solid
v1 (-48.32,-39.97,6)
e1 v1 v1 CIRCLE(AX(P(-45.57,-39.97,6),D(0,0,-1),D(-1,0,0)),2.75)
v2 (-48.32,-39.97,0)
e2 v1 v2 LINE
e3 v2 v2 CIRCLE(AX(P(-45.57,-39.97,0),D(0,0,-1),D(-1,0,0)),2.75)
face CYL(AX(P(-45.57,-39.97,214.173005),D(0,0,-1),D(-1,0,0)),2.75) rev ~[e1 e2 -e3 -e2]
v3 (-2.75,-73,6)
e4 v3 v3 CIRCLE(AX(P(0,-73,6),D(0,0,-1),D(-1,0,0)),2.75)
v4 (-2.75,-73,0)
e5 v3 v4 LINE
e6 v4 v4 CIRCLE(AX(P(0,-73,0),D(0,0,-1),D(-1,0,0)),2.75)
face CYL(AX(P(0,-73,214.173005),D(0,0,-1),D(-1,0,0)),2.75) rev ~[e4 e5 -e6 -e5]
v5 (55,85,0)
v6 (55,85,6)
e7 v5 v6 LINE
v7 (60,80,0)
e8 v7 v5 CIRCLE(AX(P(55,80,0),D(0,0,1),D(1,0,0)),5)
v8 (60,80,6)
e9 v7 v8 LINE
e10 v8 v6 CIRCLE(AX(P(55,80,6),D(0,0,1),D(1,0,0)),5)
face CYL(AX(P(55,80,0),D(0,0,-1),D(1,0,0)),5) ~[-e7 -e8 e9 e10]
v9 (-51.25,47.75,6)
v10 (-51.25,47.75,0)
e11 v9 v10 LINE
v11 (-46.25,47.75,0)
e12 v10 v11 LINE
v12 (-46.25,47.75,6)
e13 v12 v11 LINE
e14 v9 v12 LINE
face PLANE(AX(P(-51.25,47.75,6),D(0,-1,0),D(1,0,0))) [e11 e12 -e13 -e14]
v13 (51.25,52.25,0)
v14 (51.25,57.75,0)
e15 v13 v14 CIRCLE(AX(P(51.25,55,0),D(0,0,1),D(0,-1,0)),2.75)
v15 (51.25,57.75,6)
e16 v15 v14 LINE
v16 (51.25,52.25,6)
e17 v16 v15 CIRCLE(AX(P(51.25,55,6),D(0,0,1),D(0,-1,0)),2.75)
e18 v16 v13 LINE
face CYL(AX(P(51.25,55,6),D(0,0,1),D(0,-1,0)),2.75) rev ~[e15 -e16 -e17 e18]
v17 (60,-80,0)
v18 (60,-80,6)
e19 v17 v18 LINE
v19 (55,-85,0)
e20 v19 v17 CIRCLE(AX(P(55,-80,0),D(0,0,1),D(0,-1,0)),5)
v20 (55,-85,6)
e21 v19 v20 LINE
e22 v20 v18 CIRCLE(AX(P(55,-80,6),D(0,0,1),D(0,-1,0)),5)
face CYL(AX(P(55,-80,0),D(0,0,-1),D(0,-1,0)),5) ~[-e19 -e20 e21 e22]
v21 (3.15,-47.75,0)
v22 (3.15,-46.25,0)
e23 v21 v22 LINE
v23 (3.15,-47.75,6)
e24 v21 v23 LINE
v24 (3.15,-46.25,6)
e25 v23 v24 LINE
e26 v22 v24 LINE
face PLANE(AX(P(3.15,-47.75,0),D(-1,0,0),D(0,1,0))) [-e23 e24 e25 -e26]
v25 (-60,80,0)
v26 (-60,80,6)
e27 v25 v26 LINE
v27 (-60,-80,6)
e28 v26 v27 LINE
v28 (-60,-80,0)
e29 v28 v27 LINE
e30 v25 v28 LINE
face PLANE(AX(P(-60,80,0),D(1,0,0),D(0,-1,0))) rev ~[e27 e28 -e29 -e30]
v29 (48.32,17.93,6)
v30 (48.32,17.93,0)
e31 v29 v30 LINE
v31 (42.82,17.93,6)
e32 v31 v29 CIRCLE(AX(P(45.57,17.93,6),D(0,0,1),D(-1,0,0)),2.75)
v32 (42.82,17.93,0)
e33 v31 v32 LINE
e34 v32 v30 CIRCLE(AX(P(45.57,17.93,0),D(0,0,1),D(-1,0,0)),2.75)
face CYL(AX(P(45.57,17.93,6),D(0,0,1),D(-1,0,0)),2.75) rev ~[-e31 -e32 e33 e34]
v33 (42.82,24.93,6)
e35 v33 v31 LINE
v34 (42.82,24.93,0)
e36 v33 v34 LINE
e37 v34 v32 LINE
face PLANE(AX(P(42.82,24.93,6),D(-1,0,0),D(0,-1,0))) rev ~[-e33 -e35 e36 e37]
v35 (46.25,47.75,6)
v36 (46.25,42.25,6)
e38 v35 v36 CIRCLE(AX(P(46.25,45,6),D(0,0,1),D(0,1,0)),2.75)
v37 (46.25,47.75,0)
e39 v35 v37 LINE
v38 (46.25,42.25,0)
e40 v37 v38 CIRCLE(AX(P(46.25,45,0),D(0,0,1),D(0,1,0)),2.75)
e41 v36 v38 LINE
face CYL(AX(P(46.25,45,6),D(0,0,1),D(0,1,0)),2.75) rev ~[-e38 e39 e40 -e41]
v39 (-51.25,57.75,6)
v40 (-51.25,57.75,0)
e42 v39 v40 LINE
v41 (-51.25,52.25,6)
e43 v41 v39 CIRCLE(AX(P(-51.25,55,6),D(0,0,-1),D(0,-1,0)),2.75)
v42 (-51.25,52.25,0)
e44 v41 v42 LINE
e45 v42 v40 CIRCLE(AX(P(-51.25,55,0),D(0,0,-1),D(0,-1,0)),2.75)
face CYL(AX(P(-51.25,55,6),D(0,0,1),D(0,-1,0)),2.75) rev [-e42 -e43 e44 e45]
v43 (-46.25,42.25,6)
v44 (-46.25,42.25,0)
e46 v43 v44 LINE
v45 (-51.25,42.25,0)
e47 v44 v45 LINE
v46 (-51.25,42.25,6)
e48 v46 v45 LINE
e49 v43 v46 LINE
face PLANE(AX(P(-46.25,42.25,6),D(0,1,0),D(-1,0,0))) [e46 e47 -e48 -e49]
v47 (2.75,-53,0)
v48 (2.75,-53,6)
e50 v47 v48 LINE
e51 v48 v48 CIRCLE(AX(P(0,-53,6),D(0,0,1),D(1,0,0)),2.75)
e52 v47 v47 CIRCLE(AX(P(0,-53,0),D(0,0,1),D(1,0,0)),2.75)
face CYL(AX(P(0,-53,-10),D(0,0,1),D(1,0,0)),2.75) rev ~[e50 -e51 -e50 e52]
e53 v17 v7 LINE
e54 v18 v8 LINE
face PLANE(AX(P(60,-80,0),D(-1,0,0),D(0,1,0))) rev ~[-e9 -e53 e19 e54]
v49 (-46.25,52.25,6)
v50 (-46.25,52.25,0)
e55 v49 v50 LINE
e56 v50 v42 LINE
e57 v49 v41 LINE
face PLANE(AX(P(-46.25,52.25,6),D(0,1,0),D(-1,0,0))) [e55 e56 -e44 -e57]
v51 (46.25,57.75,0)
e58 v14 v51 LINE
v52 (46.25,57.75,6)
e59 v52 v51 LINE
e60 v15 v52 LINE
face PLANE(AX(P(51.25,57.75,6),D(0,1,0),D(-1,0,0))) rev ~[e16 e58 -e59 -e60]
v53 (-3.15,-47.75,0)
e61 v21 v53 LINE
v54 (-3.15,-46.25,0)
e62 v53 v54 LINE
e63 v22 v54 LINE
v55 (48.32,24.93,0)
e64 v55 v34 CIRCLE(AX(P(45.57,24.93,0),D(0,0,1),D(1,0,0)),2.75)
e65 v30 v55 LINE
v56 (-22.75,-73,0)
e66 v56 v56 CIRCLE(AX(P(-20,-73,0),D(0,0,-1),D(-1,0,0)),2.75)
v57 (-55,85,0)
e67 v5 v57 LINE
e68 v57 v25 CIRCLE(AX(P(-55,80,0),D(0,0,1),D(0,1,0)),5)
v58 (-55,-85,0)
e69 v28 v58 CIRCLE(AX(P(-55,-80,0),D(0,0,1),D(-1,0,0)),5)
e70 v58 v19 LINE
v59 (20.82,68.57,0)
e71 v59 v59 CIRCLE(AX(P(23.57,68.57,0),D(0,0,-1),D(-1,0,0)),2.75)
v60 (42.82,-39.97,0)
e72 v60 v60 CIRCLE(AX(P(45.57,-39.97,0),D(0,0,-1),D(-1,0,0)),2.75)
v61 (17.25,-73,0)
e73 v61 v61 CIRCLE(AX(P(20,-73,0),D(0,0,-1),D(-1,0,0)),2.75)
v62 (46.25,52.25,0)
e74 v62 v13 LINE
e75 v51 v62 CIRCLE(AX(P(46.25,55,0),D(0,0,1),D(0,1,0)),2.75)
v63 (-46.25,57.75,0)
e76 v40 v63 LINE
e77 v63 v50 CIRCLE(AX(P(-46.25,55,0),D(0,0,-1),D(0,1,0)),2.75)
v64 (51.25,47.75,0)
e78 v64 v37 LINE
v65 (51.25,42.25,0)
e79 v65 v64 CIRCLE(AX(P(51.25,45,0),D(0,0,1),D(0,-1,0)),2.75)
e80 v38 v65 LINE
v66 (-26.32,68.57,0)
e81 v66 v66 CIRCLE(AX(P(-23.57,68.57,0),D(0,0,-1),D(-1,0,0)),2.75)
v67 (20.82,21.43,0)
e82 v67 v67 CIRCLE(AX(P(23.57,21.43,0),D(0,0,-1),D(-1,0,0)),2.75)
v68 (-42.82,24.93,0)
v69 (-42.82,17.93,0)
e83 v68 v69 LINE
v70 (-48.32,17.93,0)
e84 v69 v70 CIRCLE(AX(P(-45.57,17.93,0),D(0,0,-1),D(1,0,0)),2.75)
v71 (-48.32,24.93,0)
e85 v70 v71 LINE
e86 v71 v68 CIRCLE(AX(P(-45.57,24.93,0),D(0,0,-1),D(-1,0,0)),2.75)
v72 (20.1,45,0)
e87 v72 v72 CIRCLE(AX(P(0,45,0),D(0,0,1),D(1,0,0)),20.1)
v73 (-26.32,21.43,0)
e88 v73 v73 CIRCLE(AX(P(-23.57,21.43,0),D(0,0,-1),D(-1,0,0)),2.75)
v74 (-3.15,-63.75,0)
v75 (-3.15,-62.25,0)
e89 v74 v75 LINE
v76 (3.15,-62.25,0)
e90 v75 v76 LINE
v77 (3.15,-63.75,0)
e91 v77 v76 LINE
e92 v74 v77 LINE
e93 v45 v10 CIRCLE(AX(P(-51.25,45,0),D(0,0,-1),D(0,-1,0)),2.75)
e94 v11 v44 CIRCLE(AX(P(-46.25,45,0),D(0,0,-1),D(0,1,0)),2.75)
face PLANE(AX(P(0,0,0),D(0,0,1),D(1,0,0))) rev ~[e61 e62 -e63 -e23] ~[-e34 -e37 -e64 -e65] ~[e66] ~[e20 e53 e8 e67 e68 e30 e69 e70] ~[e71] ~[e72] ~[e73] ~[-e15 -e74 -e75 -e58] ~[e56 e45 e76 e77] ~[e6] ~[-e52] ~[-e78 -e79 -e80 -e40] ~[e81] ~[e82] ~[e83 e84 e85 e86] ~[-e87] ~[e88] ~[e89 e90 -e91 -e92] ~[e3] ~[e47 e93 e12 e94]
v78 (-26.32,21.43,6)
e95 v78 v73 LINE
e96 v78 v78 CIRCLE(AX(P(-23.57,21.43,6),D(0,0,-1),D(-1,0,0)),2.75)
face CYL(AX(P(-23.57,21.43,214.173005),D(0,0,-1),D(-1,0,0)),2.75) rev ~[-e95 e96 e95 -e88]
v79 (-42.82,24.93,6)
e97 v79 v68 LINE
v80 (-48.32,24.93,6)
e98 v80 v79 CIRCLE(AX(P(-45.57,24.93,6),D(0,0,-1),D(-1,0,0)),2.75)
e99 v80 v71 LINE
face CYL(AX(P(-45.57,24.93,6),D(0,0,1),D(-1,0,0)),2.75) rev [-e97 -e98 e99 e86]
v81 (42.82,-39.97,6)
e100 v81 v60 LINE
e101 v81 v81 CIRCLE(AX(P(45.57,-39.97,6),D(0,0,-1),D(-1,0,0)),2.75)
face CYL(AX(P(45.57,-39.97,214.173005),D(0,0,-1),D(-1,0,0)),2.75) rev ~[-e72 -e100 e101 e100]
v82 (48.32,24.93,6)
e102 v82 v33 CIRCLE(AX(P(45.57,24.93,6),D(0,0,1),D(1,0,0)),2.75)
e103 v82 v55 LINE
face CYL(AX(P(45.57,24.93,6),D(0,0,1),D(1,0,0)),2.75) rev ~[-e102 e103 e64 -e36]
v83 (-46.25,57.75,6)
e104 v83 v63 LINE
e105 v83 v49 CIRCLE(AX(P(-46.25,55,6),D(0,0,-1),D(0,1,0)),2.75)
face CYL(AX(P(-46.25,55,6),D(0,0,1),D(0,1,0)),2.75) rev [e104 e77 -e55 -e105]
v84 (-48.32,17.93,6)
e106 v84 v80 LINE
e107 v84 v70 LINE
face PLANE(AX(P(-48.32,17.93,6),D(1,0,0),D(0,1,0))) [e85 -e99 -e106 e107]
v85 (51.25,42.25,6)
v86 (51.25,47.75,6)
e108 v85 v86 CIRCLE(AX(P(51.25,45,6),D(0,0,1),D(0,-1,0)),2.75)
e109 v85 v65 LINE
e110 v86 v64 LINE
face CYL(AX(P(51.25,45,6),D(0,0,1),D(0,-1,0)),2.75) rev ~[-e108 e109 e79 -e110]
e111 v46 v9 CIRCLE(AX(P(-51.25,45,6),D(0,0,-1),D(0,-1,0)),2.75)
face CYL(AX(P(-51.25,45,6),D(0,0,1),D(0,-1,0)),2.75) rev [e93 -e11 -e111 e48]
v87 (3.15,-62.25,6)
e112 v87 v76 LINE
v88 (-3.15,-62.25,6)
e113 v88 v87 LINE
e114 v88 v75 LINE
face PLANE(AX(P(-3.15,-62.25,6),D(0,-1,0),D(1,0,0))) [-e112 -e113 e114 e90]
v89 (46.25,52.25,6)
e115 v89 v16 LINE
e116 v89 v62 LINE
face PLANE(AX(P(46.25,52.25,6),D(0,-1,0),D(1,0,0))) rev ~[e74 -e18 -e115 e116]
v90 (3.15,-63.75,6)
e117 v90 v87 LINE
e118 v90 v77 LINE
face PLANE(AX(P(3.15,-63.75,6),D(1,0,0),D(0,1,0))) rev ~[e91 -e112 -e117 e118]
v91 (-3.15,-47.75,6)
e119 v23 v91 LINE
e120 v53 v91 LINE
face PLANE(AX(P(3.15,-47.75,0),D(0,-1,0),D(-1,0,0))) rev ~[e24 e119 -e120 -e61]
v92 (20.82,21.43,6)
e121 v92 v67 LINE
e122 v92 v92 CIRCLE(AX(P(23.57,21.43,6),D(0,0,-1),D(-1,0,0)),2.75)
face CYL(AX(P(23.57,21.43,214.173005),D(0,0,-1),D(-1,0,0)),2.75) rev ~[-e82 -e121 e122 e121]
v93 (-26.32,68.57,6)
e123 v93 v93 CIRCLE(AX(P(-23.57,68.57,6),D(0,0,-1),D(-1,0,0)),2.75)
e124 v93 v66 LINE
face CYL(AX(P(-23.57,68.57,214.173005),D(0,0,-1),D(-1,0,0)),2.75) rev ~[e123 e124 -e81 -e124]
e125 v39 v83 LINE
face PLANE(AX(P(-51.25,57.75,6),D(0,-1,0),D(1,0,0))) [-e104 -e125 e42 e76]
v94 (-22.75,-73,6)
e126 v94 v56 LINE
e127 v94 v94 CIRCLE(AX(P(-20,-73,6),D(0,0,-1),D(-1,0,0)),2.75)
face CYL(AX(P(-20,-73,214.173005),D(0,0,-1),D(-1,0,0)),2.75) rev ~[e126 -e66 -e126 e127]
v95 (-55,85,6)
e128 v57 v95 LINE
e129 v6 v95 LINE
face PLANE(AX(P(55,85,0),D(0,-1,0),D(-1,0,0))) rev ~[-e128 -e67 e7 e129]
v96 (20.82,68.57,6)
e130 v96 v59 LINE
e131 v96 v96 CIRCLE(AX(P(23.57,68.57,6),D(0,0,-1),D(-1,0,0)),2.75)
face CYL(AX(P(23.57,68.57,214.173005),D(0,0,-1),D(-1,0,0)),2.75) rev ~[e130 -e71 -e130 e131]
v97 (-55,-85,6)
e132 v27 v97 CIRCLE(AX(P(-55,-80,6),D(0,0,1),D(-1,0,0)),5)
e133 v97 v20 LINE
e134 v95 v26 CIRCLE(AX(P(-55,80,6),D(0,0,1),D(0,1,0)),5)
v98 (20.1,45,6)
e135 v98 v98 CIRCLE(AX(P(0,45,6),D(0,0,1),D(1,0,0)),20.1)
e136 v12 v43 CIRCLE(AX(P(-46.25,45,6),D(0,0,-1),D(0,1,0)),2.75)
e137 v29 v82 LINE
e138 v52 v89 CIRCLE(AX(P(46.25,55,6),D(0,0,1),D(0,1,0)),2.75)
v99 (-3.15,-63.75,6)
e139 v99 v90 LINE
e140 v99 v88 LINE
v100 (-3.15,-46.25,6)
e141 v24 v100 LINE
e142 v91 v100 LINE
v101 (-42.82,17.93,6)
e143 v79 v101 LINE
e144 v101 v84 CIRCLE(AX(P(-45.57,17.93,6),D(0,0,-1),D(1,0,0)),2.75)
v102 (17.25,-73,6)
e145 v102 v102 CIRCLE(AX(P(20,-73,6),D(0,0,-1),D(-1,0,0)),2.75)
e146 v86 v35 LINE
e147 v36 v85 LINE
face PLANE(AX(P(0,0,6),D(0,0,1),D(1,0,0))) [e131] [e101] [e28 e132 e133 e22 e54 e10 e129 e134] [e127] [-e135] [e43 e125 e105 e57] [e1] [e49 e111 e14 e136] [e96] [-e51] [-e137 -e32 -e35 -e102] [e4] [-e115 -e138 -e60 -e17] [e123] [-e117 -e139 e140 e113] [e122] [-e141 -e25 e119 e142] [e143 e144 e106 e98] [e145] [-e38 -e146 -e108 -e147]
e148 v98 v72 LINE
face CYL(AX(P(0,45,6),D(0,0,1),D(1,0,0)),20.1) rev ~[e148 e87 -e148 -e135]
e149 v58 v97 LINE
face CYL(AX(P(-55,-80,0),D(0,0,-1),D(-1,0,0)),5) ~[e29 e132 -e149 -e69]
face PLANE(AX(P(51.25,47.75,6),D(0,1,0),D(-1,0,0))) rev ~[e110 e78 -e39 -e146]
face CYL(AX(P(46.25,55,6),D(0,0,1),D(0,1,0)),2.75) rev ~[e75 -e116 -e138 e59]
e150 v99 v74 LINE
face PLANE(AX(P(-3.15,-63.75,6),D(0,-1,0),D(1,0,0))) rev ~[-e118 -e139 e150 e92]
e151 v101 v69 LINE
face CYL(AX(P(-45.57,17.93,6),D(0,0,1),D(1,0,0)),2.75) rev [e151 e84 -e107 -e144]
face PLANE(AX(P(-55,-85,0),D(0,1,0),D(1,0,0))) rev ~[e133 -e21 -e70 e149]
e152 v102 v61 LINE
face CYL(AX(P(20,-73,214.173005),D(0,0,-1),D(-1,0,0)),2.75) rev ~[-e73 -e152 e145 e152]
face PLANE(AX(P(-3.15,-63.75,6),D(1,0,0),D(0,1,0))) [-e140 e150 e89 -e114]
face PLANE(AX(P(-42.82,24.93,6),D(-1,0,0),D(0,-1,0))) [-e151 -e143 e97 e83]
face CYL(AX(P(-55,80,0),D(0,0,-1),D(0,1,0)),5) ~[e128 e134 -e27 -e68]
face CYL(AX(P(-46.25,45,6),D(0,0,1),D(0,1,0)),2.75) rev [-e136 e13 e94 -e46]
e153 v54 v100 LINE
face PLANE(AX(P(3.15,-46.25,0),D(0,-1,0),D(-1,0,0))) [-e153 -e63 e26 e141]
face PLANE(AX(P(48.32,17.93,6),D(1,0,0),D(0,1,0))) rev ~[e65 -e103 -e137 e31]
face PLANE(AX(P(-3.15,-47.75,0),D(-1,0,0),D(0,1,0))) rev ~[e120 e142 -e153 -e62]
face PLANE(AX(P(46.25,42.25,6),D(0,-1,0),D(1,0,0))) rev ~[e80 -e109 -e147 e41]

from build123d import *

# Parameters (mm, degrees)
BOSS_EXTRUDE1_DEPTH      = 6
SKETCH3_R                = 20.1
CUT_EXTRUDE1_DEPTH       = 6
M5_CLEARANCE_HOLE1_D     = 5.5
CUT_EXTRUDE2_DEPTH       = 6
CUT_EXTRUDE4_DEPTH       = 6
M5_CLEARANCE_HOLE3_D     = 5.5
M5_CLEARANCE_HOLE2_D     = 5.5
M5_CLEARANCE_HOLE2_DEPTH = 10
M5_CLEARANCE_HOLE2_TIP   = 1.652366702
SKETCH21_W               = 6.3
SKETCH21_H               = 1.5
CUT_EXTRUDE5_DEPTH       = 6
SKETCH22_W               = 6.3
SKETCH22_H               = 1.5
CUT_EXTRUDE6_DEPTH       = 10


with BuildPart() as part:
    # Sketch1 → Boss-Extrude1 (new body)
    with BuildSketch(Plane.XY):
        with BuildLine():
            Line((-55, -85), (55, -85))
            ThreePointArc((55, -85), (58.535533906, -83.535533906), (60, -80))
            Line((60, -80), (60, 80))
            ThreePointArc((60, 80), (58.535533906, 83.535533906), (55, 85))
            Line((55, 85), (-55, 85))
            ThreePointArc((-55, 85), (-58.535533906, 83.535533906), (-60, 80))
            Line((-60, 80), (-60, -80))
            ThreePointArc((-60, -80), (-58.535533906, -83.535533906), (-55, -85))
        make_face()
    extrude(amount=BOSS_EXTRUDE1_DEPTH)

    # Sketch3 → Cut-Extrude1 (cut)
    with BuildSketch(Plane.XY.offset(6)):
        with Locations((0, 45)):
            Circle(SKETCH3_R)
    extrude(amount=-CUT_EXTRUDE1_DEPTH, mode=Mode.SUBTRACT)

    # M5 Clearance Hole1 (through all)
    with Locations(Plane.XY.offset(6)):
        with Locations((-23.57, 68.57), (23.57, 68.57), (23.57, 21.43), (-23.57, 21.43)):
            Hole(M5_CLEARANCE_HOLE1_D / 2)

    # Sketch11 → Cut-Extrude2 (cut)
    with BuildSketch(Plane.XY.offset(6)):
        with BuildLine():
            Line((-42.82, 24.93), (-42.82, 17.93))
            ThreePointArc((-42.82, 17.93), (-45.57, 15.18), (-48.32, 17.93))
            Line((-48.32, 17.93), (-48.32, 24.93))
            ThreePointArc((-48.32, 24.93), (-45.57, 27.68), (-42.82, 24.93))
        make_face()
        with BuildLine():
            Line((42.82, 24.93), (42.82, 17.93))
            ThreePointArc((42.82, 17.93), (45.57, 15.18), (48.32, 17.93))
            Line((48.32, 17.93), (48.32, 24.93))
            ThreePointArc((48.32, 24.93), (45.57, 27.68), (42.82, 24.93))
        make_face()
    extrude(amount=-CUT_EXTRUDE2_DEPTH, mode=Mode.SUBTRACT)

    # Sketch15 → Cut-Extrude4 (cut)
    with BuildSketch(Plane.XY.offset(6)):
        with BuildLine():
            Line((-51.25, 47.75), (-46.25, 47.75))
            ThreePointArc((-46.25, 47.75), (-43.5, 45), (-46.25, 42.25))
            Line((-46.25, 42.25), (-51.25, 42.25))
            ThreePointArc((-51.25, 42.25), (-54, 45), (-51.25, 47.75))
        make_face()
        with BuildLine():
            Line((-51.25, 57.75), (-46.25, 57.75))
            ThreePointArc((-46.25, 57.75), (-43.5, 55), (-46.25, 52.25))
            Line((-46.25, 52.25), (-51.25, 52.25))
            ThreePointArc((-51.25, 52.25), (-54, 55), (-51.25, 57.75))
        make_face()
        with BuildLine():
            Line((51.25, 47.75), (46.25, 47.75))
            ThreePointArc((46.25, 47.75), (43.5, 45), (46.25, 42.25))
            Line((46.25, 42.25), (51.25, 42.25))
            ThreePointArc((51.25, 42.25), (54, 45), (51.25, 47.75))
        make_face()
        with BuildLine():
            Line((51.25, 57.75), (46.25, 57.75))
            ThreePointArc((46.25, 57.75), (43.5, 55), (46.25, 52.25))
            Line((46.25, 52.25), (51.25, 52.25))
            ThreePointArc((51.25, 52.25), (54, 55), (51.25, 57.75))
        make_face()
    extrude(amount=-CUT_EXTRUDE4_DEPTH, mode=Mode.SUBTRACT)

    # M5 Clearance Hole3 (through all)
    with Locations(Plane.XY.offset(6)):
        with Locations((-45.57, -39.97), (45.57, -39.97), (20, -73), (0, -73), (-20, -73)):
            Hole(M5_CLEARANCE_HOLE3_D / 2)

    # M5 Clearance Hole2
    with Locations(Plane(origin=(0, 0, 0), x_dir=(-1, 0, 0), z_dir=(0, 0, -1))):
        with Locations((0, -53)):
            Hole(M5_CLEARANCE_HOLE2_D / 2, depth=M5_CLEARANCE_HOLE2_DEPTH)
            with Locations((0, 0, -(M5_CLEARANCE_HOLE2_DEPTH + M5_CLEARANCE_HOLE2_TIP / 2))):  # 118° drill point
                Cone(0, M5_CLEARANCE_HOLE2_D / 2, M5_CLEARANCE_HOLE2_TIP, mode=Mode.SUBTRACT)

    # Sketch21 → Cut-Extrude5 (cut)
    with BuildSketch(Plane(origin=(0, 0, 0), x_dir=(-1, 0, 0), z_dir=(0, 0, -1))):
        with Locations((0, -47)):
            Rectangle(SKETCH21_W, SKETCH21_H)
    extrude(amount=-CUT_EXTRUDE5_DEPTH, mode=Mode.SUBTRACT)

    # Sketch22 → Cut-Extrude6 (cut)
    with BuildSketch(Plane.XY.offset(6)):
        with Locations((0, -63)):
            Rectangle(SKETCH22_W, SKETCH22_H)
    extrude(amount=-CUT_EXTRUDE6_DEPTH, mode=Mode.SUBTRACT)


solid = part.part
